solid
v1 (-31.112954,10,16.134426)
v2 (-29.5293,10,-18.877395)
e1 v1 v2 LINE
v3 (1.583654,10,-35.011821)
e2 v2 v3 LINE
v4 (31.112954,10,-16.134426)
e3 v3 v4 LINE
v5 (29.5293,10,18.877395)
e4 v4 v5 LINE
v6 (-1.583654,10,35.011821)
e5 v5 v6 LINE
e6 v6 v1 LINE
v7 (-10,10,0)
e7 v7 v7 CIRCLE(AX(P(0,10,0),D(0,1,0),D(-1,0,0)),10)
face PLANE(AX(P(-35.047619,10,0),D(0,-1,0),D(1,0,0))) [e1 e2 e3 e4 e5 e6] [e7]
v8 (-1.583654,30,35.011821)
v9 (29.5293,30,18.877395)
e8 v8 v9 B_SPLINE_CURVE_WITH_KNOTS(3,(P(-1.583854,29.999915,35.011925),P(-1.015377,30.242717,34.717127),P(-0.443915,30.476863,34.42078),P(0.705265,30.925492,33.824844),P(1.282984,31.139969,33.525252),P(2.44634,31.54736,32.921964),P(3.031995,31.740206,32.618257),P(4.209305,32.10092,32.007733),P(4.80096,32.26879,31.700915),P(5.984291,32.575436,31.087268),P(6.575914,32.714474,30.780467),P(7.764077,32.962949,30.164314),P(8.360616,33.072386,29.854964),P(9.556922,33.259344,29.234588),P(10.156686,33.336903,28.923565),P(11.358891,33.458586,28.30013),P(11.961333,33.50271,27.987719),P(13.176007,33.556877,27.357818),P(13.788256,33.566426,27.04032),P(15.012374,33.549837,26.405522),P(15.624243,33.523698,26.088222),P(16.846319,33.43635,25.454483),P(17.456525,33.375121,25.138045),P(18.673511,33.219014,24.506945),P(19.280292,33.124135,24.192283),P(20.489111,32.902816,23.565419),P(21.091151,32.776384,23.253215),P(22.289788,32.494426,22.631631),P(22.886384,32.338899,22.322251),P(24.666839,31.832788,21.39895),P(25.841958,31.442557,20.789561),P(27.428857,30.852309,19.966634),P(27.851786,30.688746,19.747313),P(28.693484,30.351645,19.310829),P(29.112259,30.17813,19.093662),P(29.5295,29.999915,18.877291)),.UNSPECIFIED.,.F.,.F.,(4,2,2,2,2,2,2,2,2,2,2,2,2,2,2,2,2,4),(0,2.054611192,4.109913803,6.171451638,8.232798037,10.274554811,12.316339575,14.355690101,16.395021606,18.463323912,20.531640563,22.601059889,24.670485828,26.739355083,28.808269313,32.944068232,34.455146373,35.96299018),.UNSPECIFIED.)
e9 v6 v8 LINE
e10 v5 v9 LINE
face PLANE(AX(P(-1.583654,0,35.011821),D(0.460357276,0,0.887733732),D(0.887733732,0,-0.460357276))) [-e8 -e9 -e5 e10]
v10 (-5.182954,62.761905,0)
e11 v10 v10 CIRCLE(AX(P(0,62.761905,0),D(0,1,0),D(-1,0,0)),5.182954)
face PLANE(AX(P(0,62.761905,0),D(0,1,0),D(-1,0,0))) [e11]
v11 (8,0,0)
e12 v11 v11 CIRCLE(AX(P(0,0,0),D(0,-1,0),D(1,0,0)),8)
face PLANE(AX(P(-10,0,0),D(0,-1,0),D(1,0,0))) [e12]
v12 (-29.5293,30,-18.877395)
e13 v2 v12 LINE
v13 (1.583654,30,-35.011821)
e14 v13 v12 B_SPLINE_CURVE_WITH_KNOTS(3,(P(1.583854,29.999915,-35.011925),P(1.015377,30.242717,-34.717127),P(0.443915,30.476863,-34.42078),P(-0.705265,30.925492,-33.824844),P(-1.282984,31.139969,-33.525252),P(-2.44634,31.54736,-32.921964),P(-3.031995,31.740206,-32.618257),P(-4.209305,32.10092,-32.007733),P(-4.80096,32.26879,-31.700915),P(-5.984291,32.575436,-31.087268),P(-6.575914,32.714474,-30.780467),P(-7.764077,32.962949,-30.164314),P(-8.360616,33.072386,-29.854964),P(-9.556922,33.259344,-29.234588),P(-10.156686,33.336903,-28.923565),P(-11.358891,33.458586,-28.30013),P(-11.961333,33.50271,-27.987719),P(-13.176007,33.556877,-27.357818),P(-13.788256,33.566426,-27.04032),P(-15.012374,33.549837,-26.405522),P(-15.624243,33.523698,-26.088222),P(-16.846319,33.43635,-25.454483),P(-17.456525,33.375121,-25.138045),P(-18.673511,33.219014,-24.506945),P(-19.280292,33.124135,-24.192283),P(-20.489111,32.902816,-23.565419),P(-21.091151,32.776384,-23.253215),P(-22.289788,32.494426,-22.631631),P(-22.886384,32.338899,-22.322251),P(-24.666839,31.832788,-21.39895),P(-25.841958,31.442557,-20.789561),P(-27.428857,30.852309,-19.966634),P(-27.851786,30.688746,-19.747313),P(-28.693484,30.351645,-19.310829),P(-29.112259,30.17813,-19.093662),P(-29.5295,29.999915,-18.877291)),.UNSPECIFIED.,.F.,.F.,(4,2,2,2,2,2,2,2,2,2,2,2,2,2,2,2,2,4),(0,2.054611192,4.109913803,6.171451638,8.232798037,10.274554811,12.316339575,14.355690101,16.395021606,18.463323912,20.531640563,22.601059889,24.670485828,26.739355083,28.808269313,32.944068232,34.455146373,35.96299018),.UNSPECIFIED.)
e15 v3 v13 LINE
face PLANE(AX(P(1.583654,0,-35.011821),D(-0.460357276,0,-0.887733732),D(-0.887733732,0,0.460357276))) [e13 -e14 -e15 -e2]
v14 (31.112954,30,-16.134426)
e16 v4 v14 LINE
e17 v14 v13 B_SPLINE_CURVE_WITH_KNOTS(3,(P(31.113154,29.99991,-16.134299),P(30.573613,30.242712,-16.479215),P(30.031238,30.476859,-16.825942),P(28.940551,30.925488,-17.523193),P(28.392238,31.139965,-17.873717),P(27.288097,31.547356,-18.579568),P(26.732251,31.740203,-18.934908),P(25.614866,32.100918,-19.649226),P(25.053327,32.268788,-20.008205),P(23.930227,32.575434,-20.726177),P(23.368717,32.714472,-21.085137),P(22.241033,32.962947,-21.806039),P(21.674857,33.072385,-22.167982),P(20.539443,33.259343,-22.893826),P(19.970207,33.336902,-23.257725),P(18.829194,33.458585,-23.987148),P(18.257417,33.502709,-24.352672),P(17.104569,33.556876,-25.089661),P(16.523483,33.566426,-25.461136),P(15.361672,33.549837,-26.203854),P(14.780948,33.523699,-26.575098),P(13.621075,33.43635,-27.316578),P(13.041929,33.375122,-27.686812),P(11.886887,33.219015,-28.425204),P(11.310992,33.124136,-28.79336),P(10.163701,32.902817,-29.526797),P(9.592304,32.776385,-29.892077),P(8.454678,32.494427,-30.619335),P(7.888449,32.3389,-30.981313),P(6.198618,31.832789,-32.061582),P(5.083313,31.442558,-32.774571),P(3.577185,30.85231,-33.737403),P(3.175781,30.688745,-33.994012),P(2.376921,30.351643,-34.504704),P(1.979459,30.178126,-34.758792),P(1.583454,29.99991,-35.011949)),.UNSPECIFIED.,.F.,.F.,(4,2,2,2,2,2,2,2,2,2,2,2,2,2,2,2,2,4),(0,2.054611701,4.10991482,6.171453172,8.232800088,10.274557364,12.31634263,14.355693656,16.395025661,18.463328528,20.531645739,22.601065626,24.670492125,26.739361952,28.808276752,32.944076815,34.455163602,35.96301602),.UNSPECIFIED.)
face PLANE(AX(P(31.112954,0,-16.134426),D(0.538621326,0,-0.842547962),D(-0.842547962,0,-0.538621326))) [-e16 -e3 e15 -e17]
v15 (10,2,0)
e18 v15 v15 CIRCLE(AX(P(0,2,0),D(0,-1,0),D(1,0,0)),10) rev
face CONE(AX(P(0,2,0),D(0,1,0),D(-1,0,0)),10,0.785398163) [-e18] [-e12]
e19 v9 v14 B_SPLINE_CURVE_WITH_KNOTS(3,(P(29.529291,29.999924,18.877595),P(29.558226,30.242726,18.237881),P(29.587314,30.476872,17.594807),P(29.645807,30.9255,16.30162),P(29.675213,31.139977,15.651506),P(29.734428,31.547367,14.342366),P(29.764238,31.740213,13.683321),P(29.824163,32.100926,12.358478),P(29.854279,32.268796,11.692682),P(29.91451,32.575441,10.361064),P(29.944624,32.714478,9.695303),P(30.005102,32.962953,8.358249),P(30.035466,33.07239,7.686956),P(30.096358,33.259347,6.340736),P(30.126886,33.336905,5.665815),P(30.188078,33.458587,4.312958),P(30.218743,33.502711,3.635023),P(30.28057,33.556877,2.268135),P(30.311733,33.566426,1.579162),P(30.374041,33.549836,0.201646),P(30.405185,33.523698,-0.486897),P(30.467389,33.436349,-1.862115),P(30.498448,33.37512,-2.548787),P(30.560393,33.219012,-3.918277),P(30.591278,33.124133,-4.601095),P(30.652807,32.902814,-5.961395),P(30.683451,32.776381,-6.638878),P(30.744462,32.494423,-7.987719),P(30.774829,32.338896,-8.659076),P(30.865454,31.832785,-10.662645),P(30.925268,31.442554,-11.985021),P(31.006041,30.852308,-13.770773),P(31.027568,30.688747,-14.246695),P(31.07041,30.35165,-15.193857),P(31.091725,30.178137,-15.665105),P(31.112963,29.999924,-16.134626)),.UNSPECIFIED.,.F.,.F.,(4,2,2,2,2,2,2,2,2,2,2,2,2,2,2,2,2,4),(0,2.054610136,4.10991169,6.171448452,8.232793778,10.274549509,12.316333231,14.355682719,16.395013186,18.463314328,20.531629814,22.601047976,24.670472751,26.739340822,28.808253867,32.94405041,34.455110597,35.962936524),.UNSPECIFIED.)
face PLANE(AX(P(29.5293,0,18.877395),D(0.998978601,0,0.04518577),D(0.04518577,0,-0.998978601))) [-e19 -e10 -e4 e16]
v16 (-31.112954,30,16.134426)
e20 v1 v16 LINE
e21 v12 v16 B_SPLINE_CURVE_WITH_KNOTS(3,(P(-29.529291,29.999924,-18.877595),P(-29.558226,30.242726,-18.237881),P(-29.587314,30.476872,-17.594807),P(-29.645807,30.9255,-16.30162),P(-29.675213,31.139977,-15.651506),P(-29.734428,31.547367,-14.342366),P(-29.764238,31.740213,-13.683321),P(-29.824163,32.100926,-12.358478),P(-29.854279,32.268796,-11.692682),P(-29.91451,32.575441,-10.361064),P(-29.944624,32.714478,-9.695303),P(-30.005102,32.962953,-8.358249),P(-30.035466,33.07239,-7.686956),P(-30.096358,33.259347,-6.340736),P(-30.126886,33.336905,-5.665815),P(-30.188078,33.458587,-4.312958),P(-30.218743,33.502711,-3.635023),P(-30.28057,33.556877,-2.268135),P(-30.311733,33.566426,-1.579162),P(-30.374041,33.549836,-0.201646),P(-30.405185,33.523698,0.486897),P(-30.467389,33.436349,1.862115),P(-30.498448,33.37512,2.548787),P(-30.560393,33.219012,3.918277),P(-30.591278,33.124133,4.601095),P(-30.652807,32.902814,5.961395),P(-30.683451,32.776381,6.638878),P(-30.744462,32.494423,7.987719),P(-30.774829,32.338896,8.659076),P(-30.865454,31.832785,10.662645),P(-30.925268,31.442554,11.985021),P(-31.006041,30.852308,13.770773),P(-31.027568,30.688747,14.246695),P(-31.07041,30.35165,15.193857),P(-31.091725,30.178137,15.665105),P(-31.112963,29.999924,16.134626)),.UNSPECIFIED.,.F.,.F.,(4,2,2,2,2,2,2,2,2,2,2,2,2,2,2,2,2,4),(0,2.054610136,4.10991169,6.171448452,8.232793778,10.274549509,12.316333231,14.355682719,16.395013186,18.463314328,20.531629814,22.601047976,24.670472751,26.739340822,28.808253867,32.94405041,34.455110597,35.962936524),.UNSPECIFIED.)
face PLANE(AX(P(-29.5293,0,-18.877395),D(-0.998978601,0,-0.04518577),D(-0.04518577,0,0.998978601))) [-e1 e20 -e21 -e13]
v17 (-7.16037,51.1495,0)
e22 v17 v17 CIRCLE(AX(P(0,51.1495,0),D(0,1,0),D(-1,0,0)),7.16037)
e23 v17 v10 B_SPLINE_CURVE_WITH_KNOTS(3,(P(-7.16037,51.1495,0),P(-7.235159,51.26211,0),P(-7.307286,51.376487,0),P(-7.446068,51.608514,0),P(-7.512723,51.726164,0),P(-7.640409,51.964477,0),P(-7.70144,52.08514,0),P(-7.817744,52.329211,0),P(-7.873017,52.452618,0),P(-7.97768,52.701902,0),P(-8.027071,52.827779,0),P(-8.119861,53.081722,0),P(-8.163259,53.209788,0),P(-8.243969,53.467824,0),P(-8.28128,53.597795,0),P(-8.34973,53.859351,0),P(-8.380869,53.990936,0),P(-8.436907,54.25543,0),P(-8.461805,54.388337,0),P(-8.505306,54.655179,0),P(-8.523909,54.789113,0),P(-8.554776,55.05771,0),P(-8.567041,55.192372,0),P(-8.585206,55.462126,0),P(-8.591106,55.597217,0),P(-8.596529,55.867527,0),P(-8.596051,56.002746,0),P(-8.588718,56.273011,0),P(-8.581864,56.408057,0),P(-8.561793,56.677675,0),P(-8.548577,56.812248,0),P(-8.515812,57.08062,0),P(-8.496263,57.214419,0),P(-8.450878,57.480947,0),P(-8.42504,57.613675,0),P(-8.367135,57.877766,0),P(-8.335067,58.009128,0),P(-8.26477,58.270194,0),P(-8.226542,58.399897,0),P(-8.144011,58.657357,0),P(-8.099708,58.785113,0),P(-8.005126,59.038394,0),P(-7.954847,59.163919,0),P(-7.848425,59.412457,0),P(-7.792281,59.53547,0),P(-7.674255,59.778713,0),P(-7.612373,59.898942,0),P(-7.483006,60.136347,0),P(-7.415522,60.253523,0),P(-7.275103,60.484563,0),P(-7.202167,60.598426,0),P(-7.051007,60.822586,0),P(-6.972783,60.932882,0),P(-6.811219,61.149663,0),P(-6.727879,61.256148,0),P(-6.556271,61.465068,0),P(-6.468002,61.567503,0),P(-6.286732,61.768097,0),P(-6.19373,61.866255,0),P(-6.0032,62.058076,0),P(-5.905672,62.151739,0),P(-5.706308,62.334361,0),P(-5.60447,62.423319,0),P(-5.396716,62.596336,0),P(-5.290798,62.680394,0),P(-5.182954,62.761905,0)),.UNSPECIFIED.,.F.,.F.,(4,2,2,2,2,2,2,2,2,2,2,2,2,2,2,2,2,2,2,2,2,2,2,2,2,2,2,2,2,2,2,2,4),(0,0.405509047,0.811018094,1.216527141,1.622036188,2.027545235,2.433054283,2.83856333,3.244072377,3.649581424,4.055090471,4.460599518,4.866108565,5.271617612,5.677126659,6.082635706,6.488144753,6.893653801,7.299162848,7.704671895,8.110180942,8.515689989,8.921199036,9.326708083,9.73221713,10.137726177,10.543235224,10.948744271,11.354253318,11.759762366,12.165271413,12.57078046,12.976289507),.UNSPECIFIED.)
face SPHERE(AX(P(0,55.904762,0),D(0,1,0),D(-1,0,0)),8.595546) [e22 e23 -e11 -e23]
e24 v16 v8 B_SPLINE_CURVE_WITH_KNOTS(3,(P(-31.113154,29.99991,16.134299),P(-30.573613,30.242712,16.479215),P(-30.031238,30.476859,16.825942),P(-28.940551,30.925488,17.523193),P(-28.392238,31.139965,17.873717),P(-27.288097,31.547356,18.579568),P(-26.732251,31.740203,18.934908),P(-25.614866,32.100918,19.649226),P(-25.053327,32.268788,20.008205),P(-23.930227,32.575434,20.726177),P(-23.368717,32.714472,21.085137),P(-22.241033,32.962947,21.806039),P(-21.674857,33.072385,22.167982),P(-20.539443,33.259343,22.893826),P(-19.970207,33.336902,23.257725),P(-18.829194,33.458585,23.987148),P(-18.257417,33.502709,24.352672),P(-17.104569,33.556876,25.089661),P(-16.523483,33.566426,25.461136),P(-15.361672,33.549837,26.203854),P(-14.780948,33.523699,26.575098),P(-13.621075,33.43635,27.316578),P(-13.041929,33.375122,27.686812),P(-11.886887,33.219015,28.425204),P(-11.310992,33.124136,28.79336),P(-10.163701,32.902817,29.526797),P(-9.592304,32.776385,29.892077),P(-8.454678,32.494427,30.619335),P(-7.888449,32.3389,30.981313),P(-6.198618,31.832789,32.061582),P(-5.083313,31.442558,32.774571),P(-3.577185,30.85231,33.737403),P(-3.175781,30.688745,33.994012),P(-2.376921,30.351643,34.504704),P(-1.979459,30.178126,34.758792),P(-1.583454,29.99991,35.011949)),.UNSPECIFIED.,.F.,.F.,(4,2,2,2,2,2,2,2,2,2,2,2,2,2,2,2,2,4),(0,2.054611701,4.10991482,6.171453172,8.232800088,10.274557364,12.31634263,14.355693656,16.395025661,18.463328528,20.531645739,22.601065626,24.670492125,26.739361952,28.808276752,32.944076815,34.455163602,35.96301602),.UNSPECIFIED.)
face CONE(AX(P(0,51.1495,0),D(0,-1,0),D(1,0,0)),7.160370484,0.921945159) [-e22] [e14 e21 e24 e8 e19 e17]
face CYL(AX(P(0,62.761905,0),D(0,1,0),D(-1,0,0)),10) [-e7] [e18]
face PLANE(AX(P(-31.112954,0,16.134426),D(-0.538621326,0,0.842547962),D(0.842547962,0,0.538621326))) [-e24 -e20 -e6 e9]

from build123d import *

# Parameters (mm, degrees)
SKETCH2_OUTSIDE_W  = 95.562
SKETCH2_OUTSIDE_H  = 95.562
CUT_EXTRUDE1_DEPTH = 80.973294862
CHAMFER1_SIZE      = 2


with BuildPart() as part:
    # Sketch1 → Revolve1 (revolve)
    with BuildSketch(Plane.XY):
        with BuildLine():
            Line((-7.160370484, 51.149500409), (-35.047619048, 30))
            Line((-35.047619048, 30), (-35.047619048, 10))
            Line((-35.047619048, 10), (-10, 10))
            Line((-10, 10), (-10, 0))
            Line((-10, 0), (0, 0))
            Line((0, 0), (0, 62.761904762))
            Line((0, 62.761904762), (-5.182953714, 62.761904762))
            ThreePointArc((-5.182953714, 62.761904762), (-8.473570486, 57.347682757), (-7.160370484, 51.149500409))
        make_face()
    revolve(axis=Axis((0, 62.761904762, 0), (0, -1, 0)))

    # Sketch2 outside → Cut-Extrude1 (cut, through all)
    with BuildSketch(Plane(origin=(0, 62.761904762, 0), x_dir=(1, 0, 0), z_dir=(0, 1, 0))):
        Rectangle(SKETCH2_OUTSIDE_W, SKETCH2_OUTSIDE_H)
        Polygon((-31.112953649, -16.134426428), (-1.583653662, -35.011821461), (29.529299986, -18.877395033), (31.112953649, 16.134426428), (1.583653662, 35.011821461), (-29.529299986, 18.877395033), align=None, mode=Mode.SUBTRACT)
    extrude(amount=-CUT_EXTRUDE1_DEPTH, mode=Mode.SUBTRACT)

    # Chamfer1
    chamfer1_edges = [part.edges().sort_by_distance(p)[0] for p in [
        (10, 0, 0),
    ]]
    chamfer(chamfer1_edges, length=CHAMFER1_SIZE)


solid = part.part
